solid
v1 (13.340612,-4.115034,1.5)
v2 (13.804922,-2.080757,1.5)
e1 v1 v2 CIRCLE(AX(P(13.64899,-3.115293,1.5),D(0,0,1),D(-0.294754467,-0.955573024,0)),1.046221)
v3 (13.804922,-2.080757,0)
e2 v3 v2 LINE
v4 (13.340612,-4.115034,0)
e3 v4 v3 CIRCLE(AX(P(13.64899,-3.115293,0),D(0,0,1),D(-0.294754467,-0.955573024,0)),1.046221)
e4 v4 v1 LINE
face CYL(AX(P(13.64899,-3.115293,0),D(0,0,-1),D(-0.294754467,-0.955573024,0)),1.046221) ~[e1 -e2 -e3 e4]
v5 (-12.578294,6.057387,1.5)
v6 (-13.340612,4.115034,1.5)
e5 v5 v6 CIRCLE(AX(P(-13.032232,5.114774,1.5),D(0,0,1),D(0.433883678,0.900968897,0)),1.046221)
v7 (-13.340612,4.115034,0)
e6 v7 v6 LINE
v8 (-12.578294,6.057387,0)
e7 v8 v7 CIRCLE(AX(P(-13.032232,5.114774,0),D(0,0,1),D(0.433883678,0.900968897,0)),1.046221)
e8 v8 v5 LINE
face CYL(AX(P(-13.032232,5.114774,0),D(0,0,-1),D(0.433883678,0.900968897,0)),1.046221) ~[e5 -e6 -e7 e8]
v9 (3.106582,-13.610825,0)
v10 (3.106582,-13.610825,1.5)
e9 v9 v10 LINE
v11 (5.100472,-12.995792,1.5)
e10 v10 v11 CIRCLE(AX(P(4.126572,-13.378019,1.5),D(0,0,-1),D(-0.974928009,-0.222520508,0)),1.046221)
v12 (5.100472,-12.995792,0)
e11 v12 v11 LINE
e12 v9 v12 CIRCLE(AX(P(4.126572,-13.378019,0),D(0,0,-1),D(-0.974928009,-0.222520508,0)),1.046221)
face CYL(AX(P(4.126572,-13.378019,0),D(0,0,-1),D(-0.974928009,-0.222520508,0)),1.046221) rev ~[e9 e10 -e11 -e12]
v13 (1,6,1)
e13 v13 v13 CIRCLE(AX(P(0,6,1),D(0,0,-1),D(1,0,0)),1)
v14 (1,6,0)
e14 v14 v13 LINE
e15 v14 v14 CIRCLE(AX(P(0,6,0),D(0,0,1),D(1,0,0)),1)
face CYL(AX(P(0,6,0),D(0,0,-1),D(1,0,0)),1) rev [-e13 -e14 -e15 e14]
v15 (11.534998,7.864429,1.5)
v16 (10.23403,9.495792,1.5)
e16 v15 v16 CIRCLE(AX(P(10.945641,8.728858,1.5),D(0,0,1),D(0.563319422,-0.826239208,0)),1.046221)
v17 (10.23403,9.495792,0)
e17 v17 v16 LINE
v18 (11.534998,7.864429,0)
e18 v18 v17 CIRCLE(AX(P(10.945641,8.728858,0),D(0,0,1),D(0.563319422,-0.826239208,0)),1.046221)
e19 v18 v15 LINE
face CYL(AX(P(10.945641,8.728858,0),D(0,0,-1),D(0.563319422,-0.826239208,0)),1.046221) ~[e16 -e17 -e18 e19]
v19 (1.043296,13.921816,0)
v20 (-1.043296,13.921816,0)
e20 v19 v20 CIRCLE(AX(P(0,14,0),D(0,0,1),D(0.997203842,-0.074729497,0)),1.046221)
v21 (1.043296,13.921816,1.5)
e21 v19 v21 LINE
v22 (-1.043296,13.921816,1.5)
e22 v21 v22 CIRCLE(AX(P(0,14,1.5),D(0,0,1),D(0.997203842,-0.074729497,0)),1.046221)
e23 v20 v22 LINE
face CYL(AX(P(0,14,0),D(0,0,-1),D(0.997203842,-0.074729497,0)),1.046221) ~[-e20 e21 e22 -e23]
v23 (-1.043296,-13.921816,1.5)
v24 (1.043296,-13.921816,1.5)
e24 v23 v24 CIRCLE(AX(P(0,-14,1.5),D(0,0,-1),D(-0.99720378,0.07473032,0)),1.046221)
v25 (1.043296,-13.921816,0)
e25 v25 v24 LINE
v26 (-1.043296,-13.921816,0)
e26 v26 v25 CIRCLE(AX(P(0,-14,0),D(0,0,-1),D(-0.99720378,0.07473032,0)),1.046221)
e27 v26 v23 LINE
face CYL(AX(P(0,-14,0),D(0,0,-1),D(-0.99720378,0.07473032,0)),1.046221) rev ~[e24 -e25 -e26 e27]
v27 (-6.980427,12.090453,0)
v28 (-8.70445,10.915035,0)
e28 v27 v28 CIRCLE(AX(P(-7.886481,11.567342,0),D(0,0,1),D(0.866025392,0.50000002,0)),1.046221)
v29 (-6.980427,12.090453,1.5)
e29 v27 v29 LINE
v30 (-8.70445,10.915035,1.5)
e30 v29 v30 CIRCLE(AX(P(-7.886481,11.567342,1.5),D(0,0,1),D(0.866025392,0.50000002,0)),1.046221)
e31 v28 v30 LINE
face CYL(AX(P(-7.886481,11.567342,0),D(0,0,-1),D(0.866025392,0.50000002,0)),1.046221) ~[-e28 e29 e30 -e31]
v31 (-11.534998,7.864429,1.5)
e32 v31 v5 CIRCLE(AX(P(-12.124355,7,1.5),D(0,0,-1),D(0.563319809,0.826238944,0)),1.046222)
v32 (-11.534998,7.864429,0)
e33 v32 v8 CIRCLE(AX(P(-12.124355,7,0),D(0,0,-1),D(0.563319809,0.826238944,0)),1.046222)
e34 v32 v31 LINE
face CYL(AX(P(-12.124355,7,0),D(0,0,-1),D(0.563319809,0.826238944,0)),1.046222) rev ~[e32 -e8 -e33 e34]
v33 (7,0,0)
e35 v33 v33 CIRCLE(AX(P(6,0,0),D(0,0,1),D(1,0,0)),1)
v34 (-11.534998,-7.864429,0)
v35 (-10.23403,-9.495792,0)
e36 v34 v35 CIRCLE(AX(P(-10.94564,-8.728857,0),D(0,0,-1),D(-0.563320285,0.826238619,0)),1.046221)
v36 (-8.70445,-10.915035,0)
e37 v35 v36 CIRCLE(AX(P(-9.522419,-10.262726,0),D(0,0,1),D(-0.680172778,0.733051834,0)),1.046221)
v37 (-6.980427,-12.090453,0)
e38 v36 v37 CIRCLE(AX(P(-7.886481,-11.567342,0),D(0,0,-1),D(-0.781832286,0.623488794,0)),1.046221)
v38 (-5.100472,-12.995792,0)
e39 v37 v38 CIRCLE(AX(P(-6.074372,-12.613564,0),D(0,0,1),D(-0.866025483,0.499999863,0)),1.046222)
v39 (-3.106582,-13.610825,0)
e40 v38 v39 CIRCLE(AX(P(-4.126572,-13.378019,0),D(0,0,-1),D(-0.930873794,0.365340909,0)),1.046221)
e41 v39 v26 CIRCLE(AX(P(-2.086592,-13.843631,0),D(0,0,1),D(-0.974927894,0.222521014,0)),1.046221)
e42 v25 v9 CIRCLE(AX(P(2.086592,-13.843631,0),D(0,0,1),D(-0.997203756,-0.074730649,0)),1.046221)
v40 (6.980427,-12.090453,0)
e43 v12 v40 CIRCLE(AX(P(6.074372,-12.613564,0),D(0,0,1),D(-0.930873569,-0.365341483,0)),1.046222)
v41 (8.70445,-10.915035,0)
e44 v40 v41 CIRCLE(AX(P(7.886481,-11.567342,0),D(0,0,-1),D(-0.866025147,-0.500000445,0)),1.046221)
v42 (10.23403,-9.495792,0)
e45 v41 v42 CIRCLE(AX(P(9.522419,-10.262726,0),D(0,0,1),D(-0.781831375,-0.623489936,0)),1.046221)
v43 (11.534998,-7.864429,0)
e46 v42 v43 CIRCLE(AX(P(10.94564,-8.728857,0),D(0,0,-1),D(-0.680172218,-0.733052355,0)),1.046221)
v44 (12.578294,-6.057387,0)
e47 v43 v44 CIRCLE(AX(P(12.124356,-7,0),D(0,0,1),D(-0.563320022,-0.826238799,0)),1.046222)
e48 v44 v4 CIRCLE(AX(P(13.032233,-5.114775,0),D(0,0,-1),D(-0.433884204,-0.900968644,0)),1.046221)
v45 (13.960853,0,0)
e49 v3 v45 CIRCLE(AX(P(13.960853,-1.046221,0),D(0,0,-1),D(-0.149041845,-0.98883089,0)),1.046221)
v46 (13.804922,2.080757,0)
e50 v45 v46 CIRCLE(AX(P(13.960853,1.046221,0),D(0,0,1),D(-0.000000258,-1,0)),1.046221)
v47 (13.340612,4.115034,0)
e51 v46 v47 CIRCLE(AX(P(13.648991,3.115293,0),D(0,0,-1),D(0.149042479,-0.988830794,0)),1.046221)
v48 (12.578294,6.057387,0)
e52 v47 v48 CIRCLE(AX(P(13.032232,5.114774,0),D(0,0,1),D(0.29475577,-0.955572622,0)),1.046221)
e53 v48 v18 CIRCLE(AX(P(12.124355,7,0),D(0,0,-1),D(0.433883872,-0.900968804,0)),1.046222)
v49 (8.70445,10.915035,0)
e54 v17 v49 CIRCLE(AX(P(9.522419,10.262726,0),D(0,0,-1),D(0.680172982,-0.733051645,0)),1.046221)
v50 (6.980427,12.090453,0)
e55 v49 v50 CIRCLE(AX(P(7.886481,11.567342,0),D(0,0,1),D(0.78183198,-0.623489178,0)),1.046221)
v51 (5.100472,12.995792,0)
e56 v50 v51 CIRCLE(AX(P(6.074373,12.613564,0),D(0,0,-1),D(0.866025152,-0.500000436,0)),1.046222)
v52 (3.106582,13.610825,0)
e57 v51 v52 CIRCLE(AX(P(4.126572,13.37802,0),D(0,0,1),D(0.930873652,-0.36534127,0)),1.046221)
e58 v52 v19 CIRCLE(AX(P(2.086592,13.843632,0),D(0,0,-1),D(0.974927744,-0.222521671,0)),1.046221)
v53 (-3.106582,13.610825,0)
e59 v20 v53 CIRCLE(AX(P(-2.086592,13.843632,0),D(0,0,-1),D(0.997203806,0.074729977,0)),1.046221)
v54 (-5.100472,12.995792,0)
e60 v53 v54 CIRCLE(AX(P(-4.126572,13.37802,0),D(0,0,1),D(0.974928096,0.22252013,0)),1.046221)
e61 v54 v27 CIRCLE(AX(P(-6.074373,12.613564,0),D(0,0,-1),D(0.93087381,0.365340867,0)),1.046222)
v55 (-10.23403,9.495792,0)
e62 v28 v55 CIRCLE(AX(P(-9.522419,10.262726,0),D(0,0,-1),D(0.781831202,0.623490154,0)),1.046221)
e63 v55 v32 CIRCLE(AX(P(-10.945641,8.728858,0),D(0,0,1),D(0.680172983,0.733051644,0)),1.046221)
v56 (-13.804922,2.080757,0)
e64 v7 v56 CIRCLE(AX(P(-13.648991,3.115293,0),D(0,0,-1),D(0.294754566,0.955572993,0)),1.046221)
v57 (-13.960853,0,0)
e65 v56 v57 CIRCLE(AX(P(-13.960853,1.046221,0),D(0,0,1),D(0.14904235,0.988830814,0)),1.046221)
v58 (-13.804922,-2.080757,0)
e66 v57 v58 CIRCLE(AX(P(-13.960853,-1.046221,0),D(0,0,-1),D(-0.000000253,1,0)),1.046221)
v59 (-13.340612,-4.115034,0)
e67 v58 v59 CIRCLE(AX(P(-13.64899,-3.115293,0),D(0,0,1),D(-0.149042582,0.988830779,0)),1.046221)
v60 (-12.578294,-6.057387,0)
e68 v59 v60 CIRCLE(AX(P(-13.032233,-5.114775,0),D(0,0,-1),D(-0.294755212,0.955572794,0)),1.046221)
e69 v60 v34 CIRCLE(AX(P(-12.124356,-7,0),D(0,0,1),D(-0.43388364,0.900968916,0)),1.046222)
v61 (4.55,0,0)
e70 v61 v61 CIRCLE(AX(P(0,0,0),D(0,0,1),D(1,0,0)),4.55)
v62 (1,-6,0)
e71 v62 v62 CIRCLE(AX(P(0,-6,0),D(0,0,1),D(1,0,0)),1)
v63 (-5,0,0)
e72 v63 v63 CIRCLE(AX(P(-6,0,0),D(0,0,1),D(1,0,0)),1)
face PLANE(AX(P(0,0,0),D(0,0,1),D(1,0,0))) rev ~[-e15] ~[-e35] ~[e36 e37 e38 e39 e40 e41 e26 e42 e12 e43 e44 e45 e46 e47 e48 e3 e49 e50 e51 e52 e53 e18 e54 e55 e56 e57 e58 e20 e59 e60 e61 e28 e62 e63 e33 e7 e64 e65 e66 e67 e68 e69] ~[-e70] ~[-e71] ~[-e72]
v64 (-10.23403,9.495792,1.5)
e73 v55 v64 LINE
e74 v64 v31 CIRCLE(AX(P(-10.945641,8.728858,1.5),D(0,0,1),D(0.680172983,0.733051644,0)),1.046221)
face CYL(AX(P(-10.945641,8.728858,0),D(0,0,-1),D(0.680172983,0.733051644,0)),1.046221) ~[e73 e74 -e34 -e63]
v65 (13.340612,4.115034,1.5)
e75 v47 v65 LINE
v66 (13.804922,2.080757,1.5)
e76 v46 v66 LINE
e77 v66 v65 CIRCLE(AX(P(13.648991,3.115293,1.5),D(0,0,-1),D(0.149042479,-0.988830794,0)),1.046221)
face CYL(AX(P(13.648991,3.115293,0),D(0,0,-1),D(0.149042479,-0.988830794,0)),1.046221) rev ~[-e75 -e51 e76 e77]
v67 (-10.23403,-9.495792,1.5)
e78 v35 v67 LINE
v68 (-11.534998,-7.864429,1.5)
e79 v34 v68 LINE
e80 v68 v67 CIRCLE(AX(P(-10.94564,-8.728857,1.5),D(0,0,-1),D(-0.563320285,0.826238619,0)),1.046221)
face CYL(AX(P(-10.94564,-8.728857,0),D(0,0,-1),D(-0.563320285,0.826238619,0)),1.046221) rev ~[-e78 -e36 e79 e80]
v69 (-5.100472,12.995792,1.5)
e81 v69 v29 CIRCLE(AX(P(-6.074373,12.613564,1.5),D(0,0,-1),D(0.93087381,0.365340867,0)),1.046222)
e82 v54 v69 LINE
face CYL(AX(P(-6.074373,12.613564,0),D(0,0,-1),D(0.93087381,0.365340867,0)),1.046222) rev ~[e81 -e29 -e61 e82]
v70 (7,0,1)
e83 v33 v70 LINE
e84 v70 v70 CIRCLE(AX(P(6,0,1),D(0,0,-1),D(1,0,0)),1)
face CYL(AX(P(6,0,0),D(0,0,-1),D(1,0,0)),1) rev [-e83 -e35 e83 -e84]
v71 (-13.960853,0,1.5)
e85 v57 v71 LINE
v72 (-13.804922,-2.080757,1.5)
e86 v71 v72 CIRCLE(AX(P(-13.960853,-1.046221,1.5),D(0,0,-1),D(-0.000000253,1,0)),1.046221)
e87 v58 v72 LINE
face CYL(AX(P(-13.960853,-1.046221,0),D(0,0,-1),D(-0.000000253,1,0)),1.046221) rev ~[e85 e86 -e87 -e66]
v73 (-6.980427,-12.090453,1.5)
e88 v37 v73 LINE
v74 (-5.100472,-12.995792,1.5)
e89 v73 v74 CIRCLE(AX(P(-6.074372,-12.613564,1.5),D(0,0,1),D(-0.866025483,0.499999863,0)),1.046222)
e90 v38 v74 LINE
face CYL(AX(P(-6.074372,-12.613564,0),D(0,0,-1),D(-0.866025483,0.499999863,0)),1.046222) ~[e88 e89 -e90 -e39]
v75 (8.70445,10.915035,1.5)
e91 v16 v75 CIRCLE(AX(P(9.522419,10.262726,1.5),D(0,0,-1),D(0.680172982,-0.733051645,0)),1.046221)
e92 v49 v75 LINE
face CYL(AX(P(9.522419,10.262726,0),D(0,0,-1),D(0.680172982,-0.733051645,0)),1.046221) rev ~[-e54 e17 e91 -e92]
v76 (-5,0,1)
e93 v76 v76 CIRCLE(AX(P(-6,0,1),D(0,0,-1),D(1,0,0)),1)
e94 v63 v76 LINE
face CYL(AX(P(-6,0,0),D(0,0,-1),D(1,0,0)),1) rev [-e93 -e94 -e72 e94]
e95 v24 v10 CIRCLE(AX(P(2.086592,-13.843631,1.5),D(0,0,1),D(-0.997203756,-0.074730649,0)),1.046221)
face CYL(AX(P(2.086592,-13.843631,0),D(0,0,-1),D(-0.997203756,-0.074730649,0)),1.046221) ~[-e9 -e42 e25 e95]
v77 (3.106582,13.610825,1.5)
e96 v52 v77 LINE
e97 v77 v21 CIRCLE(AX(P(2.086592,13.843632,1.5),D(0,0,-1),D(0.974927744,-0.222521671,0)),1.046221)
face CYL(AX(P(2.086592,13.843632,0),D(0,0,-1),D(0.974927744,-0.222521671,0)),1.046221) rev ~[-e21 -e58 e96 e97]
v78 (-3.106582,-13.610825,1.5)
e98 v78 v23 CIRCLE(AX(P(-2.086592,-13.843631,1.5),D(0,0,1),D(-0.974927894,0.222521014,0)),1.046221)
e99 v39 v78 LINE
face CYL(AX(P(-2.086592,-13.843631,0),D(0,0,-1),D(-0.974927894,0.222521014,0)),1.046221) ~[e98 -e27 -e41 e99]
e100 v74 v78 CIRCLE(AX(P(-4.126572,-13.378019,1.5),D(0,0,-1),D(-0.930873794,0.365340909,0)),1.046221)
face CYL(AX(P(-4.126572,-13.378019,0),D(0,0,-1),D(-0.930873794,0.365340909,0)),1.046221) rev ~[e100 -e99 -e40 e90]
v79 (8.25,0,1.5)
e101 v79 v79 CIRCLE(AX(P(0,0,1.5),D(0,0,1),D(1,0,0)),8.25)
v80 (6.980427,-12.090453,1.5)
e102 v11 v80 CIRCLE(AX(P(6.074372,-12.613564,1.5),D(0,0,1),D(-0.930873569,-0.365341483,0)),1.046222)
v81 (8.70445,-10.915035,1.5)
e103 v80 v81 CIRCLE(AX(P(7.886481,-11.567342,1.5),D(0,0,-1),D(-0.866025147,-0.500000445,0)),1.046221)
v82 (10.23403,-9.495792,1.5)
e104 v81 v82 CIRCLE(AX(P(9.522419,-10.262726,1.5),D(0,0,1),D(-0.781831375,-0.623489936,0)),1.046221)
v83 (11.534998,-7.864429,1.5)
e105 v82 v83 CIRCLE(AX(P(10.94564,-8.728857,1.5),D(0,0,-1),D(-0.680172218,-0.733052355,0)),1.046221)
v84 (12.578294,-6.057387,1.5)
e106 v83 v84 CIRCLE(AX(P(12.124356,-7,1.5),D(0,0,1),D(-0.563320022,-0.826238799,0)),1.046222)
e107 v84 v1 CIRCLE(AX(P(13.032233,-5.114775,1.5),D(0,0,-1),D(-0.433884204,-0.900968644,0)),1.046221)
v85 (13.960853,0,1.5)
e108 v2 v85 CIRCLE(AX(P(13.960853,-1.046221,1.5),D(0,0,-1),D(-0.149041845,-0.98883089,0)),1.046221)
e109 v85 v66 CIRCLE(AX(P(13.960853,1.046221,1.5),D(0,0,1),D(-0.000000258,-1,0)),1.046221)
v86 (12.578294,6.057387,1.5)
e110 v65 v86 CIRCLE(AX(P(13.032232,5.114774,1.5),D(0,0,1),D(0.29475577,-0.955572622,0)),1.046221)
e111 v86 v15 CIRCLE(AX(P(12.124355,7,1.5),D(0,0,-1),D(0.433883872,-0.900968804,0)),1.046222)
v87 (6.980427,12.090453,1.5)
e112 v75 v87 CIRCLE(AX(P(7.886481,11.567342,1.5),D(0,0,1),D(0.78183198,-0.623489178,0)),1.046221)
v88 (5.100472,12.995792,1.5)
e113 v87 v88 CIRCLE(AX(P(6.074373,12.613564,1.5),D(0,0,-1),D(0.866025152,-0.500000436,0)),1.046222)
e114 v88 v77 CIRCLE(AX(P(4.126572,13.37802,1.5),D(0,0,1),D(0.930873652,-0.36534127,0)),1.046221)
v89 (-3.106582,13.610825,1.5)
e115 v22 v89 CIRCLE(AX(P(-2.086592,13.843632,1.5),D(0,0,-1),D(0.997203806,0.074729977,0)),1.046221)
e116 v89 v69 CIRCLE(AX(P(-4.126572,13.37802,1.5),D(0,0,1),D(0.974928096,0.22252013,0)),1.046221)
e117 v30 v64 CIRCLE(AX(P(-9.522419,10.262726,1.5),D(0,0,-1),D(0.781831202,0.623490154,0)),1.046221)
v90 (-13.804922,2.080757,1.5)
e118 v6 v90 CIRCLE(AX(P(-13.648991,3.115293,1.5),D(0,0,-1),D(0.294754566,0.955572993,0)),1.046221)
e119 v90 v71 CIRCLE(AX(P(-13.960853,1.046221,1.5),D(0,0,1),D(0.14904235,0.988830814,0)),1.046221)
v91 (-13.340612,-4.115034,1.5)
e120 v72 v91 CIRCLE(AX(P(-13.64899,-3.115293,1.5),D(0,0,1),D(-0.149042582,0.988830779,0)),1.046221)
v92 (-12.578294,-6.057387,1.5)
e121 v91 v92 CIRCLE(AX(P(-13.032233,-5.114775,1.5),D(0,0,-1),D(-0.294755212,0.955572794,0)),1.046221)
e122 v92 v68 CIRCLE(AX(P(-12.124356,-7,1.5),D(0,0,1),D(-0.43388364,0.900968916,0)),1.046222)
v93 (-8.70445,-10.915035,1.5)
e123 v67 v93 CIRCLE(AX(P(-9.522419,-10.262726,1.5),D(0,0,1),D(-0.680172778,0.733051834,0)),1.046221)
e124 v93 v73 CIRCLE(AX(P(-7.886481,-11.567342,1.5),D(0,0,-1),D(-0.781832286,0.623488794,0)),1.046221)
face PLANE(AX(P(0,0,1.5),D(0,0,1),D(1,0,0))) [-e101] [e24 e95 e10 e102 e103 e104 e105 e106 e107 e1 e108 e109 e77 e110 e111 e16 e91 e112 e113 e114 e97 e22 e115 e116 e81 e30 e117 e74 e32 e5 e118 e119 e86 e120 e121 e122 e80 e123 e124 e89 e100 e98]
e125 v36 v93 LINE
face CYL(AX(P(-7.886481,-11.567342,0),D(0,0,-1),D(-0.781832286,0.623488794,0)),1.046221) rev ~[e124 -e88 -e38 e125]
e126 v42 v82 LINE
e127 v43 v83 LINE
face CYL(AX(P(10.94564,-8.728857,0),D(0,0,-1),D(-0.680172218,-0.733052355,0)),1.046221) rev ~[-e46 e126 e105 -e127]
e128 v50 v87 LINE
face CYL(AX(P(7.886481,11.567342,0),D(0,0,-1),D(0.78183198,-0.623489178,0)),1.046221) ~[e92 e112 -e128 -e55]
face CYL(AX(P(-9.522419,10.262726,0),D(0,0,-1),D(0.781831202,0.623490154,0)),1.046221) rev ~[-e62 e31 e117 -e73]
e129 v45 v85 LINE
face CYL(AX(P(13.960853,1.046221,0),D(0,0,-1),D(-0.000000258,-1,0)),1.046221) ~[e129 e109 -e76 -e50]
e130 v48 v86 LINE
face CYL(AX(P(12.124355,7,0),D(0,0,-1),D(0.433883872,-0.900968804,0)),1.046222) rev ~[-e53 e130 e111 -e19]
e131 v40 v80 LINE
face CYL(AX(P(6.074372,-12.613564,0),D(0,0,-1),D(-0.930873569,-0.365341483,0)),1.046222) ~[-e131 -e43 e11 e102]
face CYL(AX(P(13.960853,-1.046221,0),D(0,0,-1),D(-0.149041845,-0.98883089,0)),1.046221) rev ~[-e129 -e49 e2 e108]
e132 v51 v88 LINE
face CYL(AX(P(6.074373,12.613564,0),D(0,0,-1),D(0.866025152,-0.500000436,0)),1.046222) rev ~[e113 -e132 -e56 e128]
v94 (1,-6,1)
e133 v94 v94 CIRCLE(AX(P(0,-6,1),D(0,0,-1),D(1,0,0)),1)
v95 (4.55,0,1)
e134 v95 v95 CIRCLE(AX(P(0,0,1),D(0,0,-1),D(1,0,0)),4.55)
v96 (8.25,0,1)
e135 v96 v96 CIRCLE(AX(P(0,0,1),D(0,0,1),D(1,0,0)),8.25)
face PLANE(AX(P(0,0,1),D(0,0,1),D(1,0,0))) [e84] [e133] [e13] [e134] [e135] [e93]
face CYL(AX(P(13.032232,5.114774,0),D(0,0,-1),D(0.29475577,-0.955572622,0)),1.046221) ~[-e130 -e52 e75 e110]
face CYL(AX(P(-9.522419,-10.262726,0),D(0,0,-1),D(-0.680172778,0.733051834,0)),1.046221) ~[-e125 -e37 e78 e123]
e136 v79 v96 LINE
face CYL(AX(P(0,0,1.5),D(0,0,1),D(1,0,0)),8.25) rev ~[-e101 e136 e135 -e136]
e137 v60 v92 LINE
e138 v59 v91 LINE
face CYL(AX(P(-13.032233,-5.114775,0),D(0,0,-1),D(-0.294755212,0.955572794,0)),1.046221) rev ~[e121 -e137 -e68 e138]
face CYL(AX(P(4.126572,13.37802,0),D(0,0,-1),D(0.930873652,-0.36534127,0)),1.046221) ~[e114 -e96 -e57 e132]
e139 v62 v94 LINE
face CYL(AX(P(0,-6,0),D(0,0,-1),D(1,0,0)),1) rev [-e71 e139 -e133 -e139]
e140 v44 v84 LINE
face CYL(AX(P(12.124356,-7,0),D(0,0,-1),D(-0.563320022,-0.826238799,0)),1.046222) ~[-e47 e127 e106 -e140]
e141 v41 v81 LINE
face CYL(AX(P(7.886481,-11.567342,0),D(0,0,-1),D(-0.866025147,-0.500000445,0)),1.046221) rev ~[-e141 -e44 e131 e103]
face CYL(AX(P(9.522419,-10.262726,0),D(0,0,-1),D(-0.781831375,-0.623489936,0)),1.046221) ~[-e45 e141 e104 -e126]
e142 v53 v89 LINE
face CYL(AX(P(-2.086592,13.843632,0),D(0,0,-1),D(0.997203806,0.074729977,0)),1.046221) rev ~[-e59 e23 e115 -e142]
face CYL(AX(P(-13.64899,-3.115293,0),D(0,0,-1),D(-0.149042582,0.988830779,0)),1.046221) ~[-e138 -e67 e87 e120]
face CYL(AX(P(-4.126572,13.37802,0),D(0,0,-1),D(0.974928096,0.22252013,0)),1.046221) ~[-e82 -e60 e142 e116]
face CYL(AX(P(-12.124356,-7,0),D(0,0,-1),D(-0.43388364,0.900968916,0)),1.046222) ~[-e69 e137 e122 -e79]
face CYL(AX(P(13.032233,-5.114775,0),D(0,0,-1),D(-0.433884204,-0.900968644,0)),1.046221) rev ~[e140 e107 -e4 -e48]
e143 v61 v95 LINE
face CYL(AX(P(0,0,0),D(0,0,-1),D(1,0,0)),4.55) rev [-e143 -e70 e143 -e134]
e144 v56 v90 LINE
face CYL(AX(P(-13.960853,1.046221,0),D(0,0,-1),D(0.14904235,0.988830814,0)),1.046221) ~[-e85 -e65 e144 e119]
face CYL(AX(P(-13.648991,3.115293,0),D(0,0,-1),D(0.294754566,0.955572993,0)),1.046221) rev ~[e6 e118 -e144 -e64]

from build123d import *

# Parameters (mm, degrees)
F0_R     = 1
F0_R_2   = 4.55
F1_DEPTH = 1.5
F2_R     = 8.25
F3_DEPTH = 0.5


with BuildPart() as f1:
    # F0 (on Top) → F1 (new body)
    with BuildSketch(Plane.XY):
        with BuildLine():
            ThreePointArc((3.106582, 13.610825), (1.930661, 12.809096), (1.043296, 13.921816))
            ThreePointArc((1.043296, 13.921816), (0, 15.046221), (-1.043296, 13.921816))
            ThreePointArc((-1.043296, 13.921816), (-1.930661, 12.809096), (-3.106582, 13.610825))
            ThreePointArc((-3.106582, 13.610825), (-4.434952, 14.37776), (-5.100472, 12.995792))
            ThreePointArc((-5.100472, 12.995792), (-5.620434, 11.670951), (-6.980427, 12.090453))
            ThreePointArc((-6.980427, 12.090453), (-8.475838, 12.431771), (-8.70445, 10.915035))
            ThreePointArc((-8.70445, 10.915035), (-8.810807, 9.495792), (-10.23403, 9.495792))
            ThreePointArc((-10.23403, 9.495792), (-11.76361, 9.381166), (-11.534998, 7.864429))
            ThreePointArc((-11.534998, 7.864429), (-11.218301, 6.476889), (-12.578294, 6.057387))
            ThreePointArc((-12.578294, 6.057387), (-14.006132, 5.497002), (-13.340612, 4.115034))
            ThreePointArc((-13.340612, 4.115034), (-12.629, 2.882487), (-13.804922, 2.080757))
            ThreePointArc((-13.804922, 2.080757), (-15.004149, 1.124406), (-13.960853, 0))
            ThreePointArc((-13.960853, 0), (-12.917557, -0.968037), (-13.804922, -2.080757))
            ThreePointArc((-13.804922, -2.080757), (-14.668981, -3.348099), (-13.340612, -4.115034))
            ThreePointArc((-13.340612, -4.115034), (-12.058333, -4.732547), (-12.578294, -6.057387))
            ThreePointArc((-12.578294, -6.057387), (-13.03041, -7.523111), (-11.534998, -7.864429))
            ThreePointArc((-11.534998, -7.864429), (-10.127672, -8.076549), (-10.23403, -9.495792))
            ThreePointArc((-10.23403, -9.495792), (-10.23403, -11.029661), (-8.70445, -10.915035))
            ThreePointArc((-8.70445, -10.915035), (-7.297123, -10.702914), (-6.980427, -12.090453))
            ThreePointArc((-6.980427, -12.090453), (-6.528311, -13.556177), (-5.100472, -12.995792))
            ThreePointArc((-5.100472, -12.995792), (-3.818193, -12.378279), (-3.106582, -13.610825))
            ThreePointArc((-3.106582, -13.610825), (-2.242523, -14.878167), (-1.043296, -13.921816))
            ThreePointArc((-1.043296, -13.921816), (0, -12.953779), (1.043296, -13.921816))
            ThreePointArc((1.043296, -13.921816), (2.242523, -14.878167), (3.106582, -13.610825))
            ThreePointArc((3.106582, -13.610825), (3.818193, -12.378279), (5.100472, -12.995792))
            ThreePointArc((5.100472, -12.995792), (6.528311, -13.556177), (6.980427, -12.090453))
            ThreePointArc((6.980427, -12.090453), (7.297123, -10.702914), (8.70445, -10.915035))
            ThreePointArc((8.70445, -10.915035), (10.23403, -11.029661), (10.23403, -9.495792))
            ThreePointArc((10.23403, -9.495792), (10.127672, -8.076549), (11.534998, -7.864429))
            ThreePointArc((11.534998, -7.864429), (13.03041, -7.523111), (12.578294, -6.057387))
            ThreePointArc((12.578294, -6.057387), (12.058333, -4.732547), (13.340612, -4.115034))
            ThreePointArc((13.340612, -4.115034), (14.668981, -3.348099), (13.804922, -2.080757))
            ThreePointArc((13.804922, -2.080757), (12.917557, -0.968037), (13.960853, 0))
            ThreePointArc((13.960853, 0), (15.004149, 1.124406), (13.804922, 2.080757))
            ThreePointArc((13.804922, 2.080757), (12.629, 2.882487), (13.340612, 4.115034))
            ThreePointArc((13.340612, 4.115034), (14.006132, 5.497002), (12.578294, 6.057387))
            ThreePointArc((12.578294, 6.057387), (11.218301, 6.476889), (11.534998, 7.864429))
            ThreePointArc((11.534998, 7.864429), (11.76361, 9.381166), (10.23403, 9.495792))
            ThreePointArc((10.23403, 9.495792), (8.810807, 9.495792), (8.70445, 10.915035))
            ThreePointArc((8.70445, 10.915035), (8.475838, 12.431771), (6.980427, 12.090453))
            ThreePointArc((6.980427, 12.090453), (5.620434, 11.670951), (5.100472, 12.995792))
            ThreePointArc((5.100472, 12.995792), (4.434952, 14.37776), (3.106582, 13.610825))
        make_face()
        with Locations((-6, 0)):
            Circle(F0_R, mode=Mode.SUBTRACT)
        with Locations((0, -6)):
            Circle(F0_R, mode=Mode.SUBTRACT)
        Circle(F0_R_2, mode=Mode.SUBTRACT)
        with Locations((6, 0)):
            Circle(F0_R, mode=Mode.SUBTRACT)
        with Locations((0, 6)):
            Circle(F0_R, mode=Mode.SUBTRACT)
    extrude(amount=F1_DEPTH)

    # F2 (on face) → F3 (cut)
    with BuildSketch(Plane.XY.offset(1.5)):
        Circle(F2_R)
    extrude(amount=-F3_DEPTH, mode=Mode.SUBTRACT)


solid = f1.part
